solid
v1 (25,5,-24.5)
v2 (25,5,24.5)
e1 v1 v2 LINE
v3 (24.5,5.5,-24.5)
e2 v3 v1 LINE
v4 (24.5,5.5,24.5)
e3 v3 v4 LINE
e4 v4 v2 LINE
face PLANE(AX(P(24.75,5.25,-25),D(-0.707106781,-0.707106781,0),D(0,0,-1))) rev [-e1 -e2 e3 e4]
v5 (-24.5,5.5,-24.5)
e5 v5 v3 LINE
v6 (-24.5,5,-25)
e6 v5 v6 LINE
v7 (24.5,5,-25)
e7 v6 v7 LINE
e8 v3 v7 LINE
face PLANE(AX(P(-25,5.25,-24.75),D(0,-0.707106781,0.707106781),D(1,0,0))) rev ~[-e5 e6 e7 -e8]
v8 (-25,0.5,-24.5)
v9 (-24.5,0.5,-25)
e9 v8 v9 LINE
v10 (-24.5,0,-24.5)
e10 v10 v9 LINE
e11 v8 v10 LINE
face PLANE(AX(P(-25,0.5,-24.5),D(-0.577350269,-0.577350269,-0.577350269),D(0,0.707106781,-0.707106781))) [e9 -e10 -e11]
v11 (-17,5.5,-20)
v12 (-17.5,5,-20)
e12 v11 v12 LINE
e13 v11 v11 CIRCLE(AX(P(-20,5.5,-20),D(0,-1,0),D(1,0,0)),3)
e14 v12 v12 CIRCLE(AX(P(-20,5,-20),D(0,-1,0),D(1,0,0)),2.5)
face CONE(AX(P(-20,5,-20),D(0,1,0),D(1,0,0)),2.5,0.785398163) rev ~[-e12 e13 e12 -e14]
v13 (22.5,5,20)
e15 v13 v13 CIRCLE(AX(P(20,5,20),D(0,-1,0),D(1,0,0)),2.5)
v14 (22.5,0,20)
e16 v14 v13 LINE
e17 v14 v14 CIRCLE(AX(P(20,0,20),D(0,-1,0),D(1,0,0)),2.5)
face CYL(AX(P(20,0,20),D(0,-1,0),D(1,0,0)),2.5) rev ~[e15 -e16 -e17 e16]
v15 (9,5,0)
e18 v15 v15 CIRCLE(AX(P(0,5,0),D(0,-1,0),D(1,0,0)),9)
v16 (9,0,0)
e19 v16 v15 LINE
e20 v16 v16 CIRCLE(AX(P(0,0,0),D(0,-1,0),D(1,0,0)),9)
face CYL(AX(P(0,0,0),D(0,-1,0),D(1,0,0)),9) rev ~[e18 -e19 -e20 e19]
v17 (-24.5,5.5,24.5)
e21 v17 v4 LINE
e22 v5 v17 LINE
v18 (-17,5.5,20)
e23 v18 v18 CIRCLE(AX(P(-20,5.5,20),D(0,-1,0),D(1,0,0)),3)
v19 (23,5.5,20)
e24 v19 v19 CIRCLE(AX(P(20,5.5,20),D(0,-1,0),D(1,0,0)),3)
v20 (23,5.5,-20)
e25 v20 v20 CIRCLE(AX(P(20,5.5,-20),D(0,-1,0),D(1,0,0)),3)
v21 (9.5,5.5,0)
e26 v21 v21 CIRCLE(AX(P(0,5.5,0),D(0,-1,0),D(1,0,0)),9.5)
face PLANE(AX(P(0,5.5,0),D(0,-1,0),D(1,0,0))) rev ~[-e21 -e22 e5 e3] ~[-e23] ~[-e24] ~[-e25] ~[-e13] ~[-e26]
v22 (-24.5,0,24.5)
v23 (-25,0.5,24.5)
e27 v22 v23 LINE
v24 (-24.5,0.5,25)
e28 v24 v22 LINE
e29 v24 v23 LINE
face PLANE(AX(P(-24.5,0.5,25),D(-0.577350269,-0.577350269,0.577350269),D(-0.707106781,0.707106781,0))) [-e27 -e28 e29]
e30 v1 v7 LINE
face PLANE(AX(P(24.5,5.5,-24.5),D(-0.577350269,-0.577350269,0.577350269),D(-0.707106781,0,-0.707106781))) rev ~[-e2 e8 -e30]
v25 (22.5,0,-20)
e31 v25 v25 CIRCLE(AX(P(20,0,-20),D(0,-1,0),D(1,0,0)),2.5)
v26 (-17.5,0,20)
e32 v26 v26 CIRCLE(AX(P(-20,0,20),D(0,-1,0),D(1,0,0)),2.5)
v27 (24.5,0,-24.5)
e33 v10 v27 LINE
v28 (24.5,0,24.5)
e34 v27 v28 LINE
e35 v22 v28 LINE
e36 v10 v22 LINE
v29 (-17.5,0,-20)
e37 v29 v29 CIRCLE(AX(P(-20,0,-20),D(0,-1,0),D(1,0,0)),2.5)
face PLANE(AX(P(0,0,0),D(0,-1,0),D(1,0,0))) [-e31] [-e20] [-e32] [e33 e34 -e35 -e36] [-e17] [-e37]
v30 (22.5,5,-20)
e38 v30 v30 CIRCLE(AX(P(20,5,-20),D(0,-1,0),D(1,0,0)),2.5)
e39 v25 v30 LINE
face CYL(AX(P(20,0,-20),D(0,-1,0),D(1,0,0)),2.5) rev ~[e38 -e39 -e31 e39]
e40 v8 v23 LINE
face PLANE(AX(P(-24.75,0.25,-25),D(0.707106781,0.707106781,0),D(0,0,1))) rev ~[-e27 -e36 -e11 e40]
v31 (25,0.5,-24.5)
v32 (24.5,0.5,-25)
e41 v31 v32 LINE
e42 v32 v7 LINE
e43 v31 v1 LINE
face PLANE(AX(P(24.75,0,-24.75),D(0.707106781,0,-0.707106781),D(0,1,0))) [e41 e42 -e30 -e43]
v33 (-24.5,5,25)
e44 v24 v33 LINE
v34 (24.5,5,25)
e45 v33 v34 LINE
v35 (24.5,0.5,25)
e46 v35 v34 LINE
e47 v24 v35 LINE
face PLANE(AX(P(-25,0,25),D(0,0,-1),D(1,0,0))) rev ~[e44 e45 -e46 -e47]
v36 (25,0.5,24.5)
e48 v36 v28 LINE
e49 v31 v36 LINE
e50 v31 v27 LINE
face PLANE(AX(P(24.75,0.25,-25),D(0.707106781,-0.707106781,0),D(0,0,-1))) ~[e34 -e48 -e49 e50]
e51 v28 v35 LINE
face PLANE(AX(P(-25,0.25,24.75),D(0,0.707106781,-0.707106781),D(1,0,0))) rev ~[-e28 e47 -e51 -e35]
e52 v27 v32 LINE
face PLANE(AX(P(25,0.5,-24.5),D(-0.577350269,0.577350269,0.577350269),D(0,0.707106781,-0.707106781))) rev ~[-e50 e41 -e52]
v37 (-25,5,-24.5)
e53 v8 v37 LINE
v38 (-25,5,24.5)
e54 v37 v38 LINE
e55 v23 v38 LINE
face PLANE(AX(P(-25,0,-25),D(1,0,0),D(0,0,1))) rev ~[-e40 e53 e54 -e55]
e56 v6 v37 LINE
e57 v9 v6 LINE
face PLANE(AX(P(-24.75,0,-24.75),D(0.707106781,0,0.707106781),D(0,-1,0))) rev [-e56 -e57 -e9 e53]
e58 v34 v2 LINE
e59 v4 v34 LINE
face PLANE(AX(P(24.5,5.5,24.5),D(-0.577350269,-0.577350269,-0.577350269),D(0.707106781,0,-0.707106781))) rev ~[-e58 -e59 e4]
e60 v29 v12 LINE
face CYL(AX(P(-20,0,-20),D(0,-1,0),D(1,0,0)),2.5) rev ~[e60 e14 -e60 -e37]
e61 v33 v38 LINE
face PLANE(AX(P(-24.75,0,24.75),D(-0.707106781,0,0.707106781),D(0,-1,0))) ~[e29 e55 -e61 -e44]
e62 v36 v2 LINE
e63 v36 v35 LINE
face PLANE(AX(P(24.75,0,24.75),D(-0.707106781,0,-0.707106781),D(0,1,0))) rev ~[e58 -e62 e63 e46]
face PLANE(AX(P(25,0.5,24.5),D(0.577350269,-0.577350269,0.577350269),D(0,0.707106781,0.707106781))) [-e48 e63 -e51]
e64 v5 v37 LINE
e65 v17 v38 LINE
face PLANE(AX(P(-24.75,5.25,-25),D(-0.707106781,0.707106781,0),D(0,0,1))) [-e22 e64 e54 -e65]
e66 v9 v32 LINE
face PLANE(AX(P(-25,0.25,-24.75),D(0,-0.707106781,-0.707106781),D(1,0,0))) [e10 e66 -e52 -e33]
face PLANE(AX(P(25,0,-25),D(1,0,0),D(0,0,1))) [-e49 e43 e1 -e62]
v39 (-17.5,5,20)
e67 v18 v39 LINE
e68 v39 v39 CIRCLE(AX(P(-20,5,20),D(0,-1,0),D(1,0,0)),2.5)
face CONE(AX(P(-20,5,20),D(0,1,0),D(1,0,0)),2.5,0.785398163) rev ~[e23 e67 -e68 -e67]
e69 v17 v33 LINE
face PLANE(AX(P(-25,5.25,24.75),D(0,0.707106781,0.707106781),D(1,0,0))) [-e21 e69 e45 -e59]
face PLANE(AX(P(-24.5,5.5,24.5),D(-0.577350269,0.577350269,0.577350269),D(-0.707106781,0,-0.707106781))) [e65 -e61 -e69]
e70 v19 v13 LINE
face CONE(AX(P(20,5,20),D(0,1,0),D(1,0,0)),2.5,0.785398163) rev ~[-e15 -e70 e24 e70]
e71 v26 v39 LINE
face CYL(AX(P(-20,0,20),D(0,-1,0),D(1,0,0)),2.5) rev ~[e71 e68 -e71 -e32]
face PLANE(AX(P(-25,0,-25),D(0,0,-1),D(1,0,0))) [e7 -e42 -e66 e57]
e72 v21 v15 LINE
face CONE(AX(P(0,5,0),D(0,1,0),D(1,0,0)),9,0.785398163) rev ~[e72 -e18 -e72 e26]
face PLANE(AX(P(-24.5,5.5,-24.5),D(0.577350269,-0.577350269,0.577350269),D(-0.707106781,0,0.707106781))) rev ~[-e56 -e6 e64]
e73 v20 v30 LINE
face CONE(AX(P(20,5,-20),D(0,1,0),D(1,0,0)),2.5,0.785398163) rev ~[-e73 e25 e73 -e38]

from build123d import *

# Parameters (mm, degrees)
F0_W     = 50
F0_H     = 50
F1_DEPTH = 5.5
F2_R     = 9
F3_DEPTH = 25
F4_R     = 2.5
F5_DEPTH = 25
F6_SIZE  = 0.5


with BuildPart() as f1:
    # F0 (on Front) → F1 (new body)
    with BuildSketch(Plane.XZ):
        Rectangle(F0_W, F0_H)
    extrude(amount=-F1_DEPTH)

    # F2 (on face) → F3 (cut)
    with BuildSketch(Plane.XZ):
        Circle(F2_R)
    extrude(amount=-F3_DEPTH, mode=Mode.SUBTRACT)

    # F4 (on face) → F5 (cut)
    with BuildSketch(Plane.XZ):
        with Locations((-20, -20)):
            Circle(F4_R)
        with Locations((20, -20)):
            Circle(F4_R)
        with Locations((-20, 20)):
            Circle(F4_R)
        with Locations((20, 20)):
            Circle(F4_R)
    extrude(amount=-F5_DEPTH, mode=Mode.SUBTRACT)

    # F6
    f6_edges = [f1.edges().sort_by_distance(p)[0] for p in [
        (0, 0, -25),
        (-25, 0, 0),
        (0, 0, 25),
        (25, 0, 0),
        (25, 2.75, -25),
        (-25, 2.75, -25),
        (-25, 2.75, 25),
        (25, 2.75, 25),
        (0, 5.5, 25),
        (25, 5.5, 0),
        (0, 5.5, -25),
        (-25, 5.5, 0),
        (-22.5, 5.5, -20),
        (17.5, 5.5, -20),
        (-22.5, 5.5, 20),
        (-9, 5.5, 0),
        (17.5, 5.5, 20),
    ]]
    chamfer(f6_edges, length=F6_SIZE)


solid = f1.part
